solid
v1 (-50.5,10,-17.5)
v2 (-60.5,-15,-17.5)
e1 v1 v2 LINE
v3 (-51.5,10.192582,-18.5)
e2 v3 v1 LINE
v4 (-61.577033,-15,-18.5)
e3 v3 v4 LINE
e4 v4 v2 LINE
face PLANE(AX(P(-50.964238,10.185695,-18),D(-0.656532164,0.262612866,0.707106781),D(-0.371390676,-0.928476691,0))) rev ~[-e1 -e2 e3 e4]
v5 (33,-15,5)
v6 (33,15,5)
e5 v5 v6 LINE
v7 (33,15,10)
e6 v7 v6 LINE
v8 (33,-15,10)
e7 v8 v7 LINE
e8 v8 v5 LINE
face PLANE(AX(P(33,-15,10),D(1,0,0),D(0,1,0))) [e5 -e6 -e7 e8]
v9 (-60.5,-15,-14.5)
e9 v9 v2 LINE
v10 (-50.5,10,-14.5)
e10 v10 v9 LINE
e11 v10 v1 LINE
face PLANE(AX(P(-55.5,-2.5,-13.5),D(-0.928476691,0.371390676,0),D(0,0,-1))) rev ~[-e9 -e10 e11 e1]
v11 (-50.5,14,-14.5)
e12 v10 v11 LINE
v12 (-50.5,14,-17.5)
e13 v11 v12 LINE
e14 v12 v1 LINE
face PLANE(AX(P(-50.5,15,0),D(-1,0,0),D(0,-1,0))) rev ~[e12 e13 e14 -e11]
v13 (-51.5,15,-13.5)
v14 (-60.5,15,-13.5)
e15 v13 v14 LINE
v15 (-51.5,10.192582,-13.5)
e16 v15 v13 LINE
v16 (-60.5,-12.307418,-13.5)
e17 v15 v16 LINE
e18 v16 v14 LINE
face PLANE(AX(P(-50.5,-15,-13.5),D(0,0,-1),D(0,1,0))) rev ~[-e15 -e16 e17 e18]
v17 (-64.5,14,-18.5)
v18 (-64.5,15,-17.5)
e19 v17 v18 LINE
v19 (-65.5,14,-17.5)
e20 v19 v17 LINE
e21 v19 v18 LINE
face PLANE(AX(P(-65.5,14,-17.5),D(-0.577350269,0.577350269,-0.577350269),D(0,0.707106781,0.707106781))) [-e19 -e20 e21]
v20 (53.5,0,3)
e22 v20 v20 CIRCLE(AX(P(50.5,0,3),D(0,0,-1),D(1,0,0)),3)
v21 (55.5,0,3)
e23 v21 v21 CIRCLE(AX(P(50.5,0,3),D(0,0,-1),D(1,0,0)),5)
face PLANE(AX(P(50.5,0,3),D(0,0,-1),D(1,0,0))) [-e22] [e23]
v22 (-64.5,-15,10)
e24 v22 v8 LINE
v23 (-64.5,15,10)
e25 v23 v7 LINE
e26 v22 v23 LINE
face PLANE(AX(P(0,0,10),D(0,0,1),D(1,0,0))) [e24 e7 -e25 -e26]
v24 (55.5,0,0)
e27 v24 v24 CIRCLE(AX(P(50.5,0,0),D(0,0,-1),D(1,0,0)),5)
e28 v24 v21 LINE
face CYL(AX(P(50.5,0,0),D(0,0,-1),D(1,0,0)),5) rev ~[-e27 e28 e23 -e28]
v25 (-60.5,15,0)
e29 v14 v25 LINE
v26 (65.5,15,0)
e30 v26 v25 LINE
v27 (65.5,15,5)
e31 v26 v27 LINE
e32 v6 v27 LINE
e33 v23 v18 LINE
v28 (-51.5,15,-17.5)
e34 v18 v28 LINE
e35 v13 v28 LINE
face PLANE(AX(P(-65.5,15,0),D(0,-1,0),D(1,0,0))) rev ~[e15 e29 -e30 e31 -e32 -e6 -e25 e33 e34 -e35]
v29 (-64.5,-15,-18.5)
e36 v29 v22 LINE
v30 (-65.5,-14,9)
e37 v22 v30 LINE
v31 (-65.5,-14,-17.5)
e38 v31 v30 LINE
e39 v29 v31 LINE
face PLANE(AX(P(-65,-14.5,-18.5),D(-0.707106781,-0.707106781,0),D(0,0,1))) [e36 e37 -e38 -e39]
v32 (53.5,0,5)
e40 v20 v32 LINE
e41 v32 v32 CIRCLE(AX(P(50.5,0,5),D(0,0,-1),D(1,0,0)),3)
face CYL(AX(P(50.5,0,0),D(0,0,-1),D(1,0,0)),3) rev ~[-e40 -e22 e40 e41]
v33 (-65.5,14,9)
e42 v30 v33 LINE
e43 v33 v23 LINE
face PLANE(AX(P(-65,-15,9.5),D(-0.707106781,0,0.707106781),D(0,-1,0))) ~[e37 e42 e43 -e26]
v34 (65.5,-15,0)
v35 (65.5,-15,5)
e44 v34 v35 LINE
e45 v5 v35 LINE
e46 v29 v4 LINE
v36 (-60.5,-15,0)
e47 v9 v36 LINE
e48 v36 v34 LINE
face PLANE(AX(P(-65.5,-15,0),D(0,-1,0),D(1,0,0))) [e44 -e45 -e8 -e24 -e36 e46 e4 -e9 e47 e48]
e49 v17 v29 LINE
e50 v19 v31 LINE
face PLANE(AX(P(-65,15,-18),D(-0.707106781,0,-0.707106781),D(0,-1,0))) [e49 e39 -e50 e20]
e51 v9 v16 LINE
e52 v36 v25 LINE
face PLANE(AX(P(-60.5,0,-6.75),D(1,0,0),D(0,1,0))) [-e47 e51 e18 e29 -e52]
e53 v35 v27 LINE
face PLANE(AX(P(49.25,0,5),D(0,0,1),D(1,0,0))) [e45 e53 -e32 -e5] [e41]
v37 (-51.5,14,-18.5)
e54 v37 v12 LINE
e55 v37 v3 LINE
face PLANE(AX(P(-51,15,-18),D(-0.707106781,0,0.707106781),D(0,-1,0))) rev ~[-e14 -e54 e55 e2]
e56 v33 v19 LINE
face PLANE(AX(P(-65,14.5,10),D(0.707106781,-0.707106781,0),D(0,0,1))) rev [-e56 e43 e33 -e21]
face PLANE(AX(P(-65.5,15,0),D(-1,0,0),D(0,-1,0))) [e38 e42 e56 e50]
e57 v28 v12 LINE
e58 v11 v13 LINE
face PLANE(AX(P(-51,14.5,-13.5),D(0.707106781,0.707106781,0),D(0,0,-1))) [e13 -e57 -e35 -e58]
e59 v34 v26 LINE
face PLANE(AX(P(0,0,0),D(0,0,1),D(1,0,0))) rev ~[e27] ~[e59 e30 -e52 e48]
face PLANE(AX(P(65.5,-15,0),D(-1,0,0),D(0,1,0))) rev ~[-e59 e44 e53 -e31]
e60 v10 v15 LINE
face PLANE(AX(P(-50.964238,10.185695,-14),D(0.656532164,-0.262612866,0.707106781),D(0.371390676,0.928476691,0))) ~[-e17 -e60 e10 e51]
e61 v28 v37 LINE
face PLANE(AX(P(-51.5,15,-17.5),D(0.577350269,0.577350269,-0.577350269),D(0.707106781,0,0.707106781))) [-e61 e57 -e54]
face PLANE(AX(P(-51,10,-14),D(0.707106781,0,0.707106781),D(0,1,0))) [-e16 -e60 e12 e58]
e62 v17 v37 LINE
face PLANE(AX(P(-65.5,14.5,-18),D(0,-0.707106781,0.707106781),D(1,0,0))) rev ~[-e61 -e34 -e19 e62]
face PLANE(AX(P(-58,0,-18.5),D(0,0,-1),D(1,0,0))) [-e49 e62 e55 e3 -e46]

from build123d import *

# Parameters (mm, degrees)
SKETCH027_W      = 131
SKETCH027_H      = 30
PAD009_DEPTH     = 10
SKETCH026_W      = 15
SKETCH026_H      = 30
PAD010_DEPTH     = 18.5
SKETCH028_W      = 30
SKETCH028_H      = 13.5
POCKET017_DEPTH  = 10
SKETCH025_R      = 3
POCKET018_DEPTH  = 10.001
SKETCH029_W      = 32.5
SKETCH029_H      = 30
POCKET019_DEPTH  = 5
SKETCH039_R      = 5
POCKET027_DEPTH  = 3
CHAMFER008_SIZE2 = 10
CHAMFER008_SIZE  = 25
CHAMFER009_SIZE  = 1


with BuildPart() as part:
    # Sketch027 → Pad009 (new body)
    with BuildSketch(Plane.XY):
        Rectangle(SKETCH027_W, SKETCH027_H)
    extrude(amount=PAD009_DEPTH)

    # Sketch026 (on Face5 of Pad009) → Pad010 (join)
    with BuildSketch(Plane(origin=(0, 0, 0), x_dir=(1, 0, 0), z_dir=(0, 0, -1))):
        with Locations((-58, 0)):
            Rectangle(SKETCH026_W, SKETCH026_H)
    extrude(amount=PAD010_DEPTH)

    # Sketch028 (on Face9 of Pad010) → Pocket017 (cut)
    with BuildSketch(Plane.YZ.offset(-50.5)):
        with Locations((0, -6.75)):
            Rectangle(SKETCH028_W, SKETCH028_H)
    extrude(amount=-POCKET017_DEPTH, mode=Mode.SUBTRACT)

    # Sketch025 (on Face5 of Pocket017) → Pocket018 (cut, through all)
    with BuildSketch(Plane(origin=(0, 0, 0), x_dir=(1, 0, 0), z_dir=(0, 0, -1))):
        with Locations((50.5, 0)):
            Circle(SKETCH025_R)
    extrude(amount=-POCKET018_DEPTH, mode=Mode.SUBTRACT)

    # Sketch029 → Pocket019 (cut)
    with BuildSketch(Plane.XY.offset(10)):
        with Locations((49.25, 0)):
            Rectangle(SKETCH029_W, SKETCH029_H)
    extrude(amount=-POCKET019_DEPTH, mode=Mode.SUBTRACT)

    # Sketch039 (on Face4 of Pocket019) → Pocket027 (cut)
    with BuildSketch(Plane(origin=(0, 0, 0), x_dir=(1, 0, 0), z_dir=(0, 0, -1))):
        with Locations((50.5, 0)):
            Circle(SKETCH039_R)
    extrude(amount=-POCKET027_DEPTH, mode=Mode.SUBTRACT)

    # Chamfer008
    chamfer008_edges = [part.edges().sort_by_distance(p)[0] for p in [
        (-50.5, -15, -16),
    ]]
    chamfer008_side = part.faces().sort_by_distance((-50.5, 0, -16))[0]
    chamfer(chamfer008_edges, length=CHAMFER008_SIZE, length2=CHAMFER008_SIZE2, reference=chamfer008_side)

    # Chamfer009
    chamfer009_edges = [part.edges().sort_by_distance(p)[0] for p in [
        (-55.5, -2.5, -13.5),
        (-55.5, -2.5, -18.5),
        (-50.5, 12.5, -13.5),
        (-50.5, 12.5, -18.5),
        (-58, 15, -18.5),
        (-50.5, 15, -16),
        (-65.5, 0, -18.5),
        (-65.5, -15, -9.25),
        (-65.5, -15, 5),
        (-65.5, 0, 10),
        (-65.5, 15, -9.25),
        (-65.5, 15, 5),
    ]]
    chamfer(chamfer009_edges, length=CHAMFER009_SIZE)


solid = part.part
